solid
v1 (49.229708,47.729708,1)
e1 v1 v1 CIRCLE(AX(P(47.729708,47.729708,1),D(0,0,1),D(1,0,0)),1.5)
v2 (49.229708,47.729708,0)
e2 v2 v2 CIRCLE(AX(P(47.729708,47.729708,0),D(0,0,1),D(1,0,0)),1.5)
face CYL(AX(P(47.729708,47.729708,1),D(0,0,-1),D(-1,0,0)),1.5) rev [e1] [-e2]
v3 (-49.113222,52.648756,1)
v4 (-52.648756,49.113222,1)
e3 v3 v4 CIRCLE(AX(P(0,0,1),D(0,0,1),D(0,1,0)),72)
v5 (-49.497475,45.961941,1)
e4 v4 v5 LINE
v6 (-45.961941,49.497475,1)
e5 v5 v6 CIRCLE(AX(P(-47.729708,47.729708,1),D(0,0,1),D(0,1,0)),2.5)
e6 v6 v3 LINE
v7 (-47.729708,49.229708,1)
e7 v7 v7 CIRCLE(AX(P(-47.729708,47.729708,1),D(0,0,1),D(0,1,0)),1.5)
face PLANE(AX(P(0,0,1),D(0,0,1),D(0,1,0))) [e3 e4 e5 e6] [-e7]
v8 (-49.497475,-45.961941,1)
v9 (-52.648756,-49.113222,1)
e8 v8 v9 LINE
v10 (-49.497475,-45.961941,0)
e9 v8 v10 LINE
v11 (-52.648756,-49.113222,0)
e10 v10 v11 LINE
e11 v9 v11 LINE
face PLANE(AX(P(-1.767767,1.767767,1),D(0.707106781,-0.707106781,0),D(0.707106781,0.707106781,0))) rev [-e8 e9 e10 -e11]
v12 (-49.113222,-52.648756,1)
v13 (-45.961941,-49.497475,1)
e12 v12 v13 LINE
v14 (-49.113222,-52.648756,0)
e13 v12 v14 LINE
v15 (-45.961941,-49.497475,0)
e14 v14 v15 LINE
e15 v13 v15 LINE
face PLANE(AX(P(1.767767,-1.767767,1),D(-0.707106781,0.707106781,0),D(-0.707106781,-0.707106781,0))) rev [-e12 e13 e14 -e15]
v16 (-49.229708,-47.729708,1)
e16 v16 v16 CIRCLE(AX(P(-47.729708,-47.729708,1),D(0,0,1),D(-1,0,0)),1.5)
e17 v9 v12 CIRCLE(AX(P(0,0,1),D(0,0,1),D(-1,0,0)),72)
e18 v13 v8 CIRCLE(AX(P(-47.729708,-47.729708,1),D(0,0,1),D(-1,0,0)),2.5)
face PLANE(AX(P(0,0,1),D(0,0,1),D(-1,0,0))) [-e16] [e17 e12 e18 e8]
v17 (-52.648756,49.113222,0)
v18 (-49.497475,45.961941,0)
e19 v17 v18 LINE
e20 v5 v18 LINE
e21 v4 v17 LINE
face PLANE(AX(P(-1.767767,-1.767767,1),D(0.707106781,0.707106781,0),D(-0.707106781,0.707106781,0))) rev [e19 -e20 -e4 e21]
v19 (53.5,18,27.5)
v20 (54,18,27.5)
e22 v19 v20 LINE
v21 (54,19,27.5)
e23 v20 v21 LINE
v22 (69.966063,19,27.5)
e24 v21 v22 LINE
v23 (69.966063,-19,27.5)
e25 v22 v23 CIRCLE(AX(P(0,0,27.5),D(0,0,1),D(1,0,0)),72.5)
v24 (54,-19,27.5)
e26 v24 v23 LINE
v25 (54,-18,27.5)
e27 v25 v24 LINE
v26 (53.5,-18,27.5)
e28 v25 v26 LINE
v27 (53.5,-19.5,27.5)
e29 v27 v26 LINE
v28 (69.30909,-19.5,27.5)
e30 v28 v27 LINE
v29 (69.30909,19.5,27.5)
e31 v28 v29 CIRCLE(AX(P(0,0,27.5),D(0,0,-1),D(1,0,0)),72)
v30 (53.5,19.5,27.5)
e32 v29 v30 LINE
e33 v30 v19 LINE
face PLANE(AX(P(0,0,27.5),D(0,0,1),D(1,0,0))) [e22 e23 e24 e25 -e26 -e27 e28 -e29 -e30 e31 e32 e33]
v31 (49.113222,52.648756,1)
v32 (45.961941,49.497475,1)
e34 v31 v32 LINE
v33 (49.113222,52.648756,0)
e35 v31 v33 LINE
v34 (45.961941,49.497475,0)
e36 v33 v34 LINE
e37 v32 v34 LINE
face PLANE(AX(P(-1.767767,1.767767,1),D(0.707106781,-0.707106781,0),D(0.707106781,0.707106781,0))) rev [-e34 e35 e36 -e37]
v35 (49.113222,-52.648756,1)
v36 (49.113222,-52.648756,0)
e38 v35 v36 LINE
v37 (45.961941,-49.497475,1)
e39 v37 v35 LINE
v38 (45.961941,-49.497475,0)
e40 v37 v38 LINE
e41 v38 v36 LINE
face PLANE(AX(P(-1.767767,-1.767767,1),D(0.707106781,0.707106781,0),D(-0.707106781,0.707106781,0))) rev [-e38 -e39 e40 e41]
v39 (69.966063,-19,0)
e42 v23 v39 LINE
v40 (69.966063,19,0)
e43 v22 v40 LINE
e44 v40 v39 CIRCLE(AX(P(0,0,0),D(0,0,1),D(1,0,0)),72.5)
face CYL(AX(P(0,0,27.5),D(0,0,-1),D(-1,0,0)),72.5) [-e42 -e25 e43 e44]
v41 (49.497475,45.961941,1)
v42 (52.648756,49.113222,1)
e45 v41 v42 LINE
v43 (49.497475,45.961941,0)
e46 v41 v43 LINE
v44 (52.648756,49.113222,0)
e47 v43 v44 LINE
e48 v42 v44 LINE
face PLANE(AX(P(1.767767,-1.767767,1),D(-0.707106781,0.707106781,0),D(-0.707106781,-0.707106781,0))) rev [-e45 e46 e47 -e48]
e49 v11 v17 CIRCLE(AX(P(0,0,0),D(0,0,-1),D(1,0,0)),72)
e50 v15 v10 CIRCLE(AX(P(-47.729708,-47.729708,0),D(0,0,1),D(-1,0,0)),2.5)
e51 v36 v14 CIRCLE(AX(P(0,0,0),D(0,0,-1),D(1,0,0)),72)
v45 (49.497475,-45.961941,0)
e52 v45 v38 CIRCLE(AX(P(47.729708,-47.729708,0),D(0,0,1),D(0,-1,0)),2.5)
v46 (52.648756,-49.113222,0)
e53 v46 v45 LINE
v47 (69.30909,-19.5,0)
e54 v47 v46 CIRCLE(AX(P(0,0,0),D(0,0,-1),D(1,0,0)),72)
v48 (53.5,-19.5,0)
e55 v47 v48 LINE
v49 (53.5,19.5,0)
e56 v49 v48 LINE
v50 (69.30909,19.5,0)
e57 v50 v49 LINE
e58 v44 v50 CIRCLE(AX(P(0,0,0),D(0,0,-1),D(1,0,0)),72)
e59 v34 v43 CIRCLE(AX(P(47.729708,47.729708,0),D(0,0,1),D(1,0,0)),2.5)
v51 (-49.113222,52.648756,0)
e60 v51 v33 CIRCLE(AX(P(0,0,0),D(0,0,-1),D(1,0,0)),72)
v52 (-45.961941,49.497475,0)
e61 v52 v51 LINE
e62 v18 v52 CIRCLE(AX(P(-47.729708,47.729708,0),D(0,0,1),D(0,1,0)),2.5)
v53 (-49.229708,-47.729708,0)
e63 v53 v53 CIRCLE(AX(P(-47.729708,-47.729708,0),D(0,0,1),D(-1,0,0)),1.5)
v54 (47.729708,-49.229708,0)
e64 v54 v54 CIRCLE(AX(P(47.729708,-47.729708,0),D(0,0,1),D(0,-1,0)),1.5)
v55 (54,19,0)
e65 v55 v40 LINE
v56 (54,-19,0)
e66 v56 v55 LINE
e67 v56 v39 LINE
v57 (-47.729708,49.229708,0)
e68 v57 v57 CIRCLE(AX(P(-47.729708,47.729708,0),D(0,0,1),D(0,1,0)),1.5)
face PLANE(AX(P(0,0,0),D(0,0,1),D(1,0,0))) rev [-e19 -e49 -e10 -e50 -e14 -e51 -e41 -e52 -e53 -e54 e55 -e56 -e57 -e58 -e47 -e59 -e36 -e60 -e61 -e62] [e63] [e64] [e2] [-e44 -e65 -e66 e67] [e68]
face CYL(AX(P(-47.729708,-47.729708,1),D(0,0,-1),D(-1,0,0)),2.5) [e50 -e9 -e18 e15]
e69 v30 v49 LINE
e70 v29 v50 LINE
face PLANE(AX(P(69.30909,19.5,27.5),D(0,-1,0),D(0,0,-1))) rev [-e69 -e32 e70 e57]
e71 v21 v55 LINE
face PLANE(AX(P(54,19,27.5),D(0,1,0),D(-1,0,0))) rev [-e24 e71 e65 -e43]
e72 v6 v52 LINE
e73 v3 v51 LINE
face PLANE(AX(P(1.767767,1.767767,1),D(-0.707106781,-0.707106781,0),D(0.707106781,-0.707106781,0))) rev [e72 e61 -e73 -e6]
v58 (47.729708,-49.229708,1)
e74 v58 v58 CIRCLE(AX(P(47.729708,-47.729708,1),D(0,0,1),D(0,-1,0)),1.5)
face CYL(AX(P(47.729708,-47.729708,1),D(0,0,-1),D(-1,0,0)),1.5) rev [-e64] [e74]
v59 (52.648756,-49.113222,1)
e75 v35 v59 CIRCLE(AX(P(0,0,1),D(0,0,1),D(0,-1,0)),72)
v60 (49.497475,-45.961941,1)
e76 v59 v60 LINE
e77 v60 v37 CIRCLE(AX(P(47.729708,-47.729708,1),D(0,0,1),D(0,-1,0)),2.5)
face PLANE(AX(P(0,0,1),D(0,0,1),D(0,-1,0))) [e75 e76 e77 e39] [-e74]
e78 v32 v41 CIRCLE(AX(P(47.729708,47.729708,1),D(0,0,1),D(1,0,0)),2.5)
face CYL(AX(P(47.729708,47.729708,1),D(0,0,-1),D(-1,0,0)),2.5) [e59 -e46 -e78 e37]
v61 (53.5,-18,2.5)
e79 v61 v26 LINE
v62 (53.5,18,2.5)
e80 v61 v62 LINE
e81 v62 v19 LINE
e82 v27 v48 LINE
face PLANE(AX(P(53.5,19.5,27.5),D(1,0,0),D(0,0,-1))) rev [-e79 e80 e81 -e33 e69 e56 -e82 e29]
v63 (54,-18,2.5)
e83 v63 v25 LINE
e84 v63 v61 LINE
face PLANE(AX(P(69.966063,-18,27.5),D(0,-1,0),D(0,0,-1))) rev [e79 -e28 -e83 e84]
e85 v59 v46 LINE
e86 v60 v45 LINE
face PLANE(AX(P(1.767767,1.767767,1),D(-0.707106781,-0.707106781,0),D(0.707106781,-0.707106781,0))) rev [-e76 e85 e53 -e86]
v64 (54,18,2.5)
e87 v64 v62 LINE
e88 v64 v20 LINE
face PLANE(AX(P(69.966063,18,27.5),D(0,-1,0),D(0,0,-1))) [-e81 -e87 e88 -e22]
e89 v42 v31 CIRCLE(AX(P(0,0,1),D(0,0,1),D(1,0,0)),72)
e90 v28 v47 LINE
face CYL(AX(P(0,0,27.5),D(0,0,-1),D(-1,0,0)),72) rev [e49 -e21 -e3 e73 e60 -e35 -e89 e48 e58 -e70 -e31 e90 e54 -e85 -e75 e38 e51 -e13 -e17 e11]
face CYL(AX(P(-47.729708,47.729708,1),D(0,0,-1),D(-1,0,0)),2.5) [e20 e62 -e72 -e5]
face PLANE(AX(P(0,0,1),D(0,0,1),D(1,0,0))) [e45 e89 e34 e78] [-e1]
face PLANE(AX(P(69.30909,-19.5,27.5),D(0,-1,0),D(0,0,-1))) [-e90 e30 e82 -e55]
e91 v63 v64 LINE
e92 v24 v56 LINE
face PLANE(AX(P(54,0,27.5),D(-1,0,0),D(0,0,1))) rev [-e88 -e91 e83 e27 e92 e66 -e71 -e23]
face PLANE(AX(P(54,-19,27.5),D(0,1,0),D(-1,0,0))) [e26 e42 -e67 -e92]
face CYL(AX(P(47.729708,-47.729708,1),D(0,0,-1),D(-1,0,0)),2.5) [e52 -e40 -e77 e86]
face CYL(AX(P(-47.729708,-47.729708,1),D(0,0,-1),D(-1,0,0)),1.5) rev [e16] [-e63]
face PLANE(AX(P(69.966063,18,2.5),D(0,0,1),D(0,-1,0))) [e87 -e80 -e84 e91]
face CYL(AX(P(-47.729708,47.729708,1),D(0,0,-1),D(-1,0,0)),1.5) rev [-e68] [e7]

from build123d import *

# Parameters (mm, degrees)
COVER_BASE_DEPTH       = 27.5
SKIZZE2_W              = 25
SKIZZE2_H              = 18
CAMERA_COVER_CUT_DEPTH = 148.947625868
SKIZZE3_R              = 1.5
SPACER_SCREW_DEPTH     = 1
KREISMUSTER1_COUNT     = 4


with BuildPart() as part:
    # Skizze1 → Cover Base (new body)
    with BuildSketch(Plane.XY):
        with BuildLine():
            Line((69.309090313, 19.5), (53.5, 19.5))
            Line((53.5, 19.5), (53.5, 0))
            Line((53.5, 0), (54, 0))
            Line((54, 0), (54, 19))
            Line((54, 19), (69.966063202, 19))
            ThreePointArc((69.966063202, 19), (-9.584112318, 71.863723749), (-72.5, 0))
            Line((-72.5, 0), (-72, 0))
            ThreePointArc((-72, 0), (-9.842395478, 71.324100073), (69.309090313, 19.5))
        make_face()
    cover_base = extrude(amount=COVER_BASE_DEPTH)

    # Skizze2 → Camera Cover Cut (cut, through all)
    with BuildSketch(Plane(origin=(53.5, 0, 0), x_dir=(0, 0, -1), z_dir=(1, 0, 0))):
        with Locations((-15, 9)):
            Rectangle(SKIZZE2_W, SKIZZE2_H)
    camera_cover_cut = extrude(amount=CAMERA_COVER_CUT_DEPTH, mode=Mode.SUBTRACT)

    # Cover Mirror: Cover Base, Camera Cover Cut across plane
    add(cover_base.mirror(Plane.ZX))
    add(camera_cover_cut.mirror(Plane.ZX), mode=Mode.SUBTRACT)

    # Skizze3 → Spacer Screw (add)
    with BuildSketch(Plane.XY):
        with BuildLine():
            ThreePointArc((52.648755544, 49.113221638), (50.911688245, 50.911688245), (49.113221638, 52.648755544))
            Line((49.113221638, 52.648755544), (45.961940777, 49.497474683))
            ThreePointArc((45.961940777, 49.497474683), (45.961940777, 45.961940777), (49.497474683, 45.961940777))
            Line((49.497474683, 45.961940777), (52.648755544, 49.113221638))
        make_face()
        with Locations((47.72970773, 47.72970773)):
            Circle(SKIZZE3_R, mode=Mode.SUBTRACT)
    spacer_screw = extrude(amount=SPACER_SCREW_DEPTH)

    # Kreismuster1: Spacer Screw ×4 about axis
    kreismuster1_axis = Axis((0, 0, 0), (0, 0, 1))
    for i in range(1, KREISMUSTER1_COUNT):
        add(spacer_screw.rotate(kreismuster1_axis, i * 360 / KREISMUSTER1_COUNT))


solid = part.part
